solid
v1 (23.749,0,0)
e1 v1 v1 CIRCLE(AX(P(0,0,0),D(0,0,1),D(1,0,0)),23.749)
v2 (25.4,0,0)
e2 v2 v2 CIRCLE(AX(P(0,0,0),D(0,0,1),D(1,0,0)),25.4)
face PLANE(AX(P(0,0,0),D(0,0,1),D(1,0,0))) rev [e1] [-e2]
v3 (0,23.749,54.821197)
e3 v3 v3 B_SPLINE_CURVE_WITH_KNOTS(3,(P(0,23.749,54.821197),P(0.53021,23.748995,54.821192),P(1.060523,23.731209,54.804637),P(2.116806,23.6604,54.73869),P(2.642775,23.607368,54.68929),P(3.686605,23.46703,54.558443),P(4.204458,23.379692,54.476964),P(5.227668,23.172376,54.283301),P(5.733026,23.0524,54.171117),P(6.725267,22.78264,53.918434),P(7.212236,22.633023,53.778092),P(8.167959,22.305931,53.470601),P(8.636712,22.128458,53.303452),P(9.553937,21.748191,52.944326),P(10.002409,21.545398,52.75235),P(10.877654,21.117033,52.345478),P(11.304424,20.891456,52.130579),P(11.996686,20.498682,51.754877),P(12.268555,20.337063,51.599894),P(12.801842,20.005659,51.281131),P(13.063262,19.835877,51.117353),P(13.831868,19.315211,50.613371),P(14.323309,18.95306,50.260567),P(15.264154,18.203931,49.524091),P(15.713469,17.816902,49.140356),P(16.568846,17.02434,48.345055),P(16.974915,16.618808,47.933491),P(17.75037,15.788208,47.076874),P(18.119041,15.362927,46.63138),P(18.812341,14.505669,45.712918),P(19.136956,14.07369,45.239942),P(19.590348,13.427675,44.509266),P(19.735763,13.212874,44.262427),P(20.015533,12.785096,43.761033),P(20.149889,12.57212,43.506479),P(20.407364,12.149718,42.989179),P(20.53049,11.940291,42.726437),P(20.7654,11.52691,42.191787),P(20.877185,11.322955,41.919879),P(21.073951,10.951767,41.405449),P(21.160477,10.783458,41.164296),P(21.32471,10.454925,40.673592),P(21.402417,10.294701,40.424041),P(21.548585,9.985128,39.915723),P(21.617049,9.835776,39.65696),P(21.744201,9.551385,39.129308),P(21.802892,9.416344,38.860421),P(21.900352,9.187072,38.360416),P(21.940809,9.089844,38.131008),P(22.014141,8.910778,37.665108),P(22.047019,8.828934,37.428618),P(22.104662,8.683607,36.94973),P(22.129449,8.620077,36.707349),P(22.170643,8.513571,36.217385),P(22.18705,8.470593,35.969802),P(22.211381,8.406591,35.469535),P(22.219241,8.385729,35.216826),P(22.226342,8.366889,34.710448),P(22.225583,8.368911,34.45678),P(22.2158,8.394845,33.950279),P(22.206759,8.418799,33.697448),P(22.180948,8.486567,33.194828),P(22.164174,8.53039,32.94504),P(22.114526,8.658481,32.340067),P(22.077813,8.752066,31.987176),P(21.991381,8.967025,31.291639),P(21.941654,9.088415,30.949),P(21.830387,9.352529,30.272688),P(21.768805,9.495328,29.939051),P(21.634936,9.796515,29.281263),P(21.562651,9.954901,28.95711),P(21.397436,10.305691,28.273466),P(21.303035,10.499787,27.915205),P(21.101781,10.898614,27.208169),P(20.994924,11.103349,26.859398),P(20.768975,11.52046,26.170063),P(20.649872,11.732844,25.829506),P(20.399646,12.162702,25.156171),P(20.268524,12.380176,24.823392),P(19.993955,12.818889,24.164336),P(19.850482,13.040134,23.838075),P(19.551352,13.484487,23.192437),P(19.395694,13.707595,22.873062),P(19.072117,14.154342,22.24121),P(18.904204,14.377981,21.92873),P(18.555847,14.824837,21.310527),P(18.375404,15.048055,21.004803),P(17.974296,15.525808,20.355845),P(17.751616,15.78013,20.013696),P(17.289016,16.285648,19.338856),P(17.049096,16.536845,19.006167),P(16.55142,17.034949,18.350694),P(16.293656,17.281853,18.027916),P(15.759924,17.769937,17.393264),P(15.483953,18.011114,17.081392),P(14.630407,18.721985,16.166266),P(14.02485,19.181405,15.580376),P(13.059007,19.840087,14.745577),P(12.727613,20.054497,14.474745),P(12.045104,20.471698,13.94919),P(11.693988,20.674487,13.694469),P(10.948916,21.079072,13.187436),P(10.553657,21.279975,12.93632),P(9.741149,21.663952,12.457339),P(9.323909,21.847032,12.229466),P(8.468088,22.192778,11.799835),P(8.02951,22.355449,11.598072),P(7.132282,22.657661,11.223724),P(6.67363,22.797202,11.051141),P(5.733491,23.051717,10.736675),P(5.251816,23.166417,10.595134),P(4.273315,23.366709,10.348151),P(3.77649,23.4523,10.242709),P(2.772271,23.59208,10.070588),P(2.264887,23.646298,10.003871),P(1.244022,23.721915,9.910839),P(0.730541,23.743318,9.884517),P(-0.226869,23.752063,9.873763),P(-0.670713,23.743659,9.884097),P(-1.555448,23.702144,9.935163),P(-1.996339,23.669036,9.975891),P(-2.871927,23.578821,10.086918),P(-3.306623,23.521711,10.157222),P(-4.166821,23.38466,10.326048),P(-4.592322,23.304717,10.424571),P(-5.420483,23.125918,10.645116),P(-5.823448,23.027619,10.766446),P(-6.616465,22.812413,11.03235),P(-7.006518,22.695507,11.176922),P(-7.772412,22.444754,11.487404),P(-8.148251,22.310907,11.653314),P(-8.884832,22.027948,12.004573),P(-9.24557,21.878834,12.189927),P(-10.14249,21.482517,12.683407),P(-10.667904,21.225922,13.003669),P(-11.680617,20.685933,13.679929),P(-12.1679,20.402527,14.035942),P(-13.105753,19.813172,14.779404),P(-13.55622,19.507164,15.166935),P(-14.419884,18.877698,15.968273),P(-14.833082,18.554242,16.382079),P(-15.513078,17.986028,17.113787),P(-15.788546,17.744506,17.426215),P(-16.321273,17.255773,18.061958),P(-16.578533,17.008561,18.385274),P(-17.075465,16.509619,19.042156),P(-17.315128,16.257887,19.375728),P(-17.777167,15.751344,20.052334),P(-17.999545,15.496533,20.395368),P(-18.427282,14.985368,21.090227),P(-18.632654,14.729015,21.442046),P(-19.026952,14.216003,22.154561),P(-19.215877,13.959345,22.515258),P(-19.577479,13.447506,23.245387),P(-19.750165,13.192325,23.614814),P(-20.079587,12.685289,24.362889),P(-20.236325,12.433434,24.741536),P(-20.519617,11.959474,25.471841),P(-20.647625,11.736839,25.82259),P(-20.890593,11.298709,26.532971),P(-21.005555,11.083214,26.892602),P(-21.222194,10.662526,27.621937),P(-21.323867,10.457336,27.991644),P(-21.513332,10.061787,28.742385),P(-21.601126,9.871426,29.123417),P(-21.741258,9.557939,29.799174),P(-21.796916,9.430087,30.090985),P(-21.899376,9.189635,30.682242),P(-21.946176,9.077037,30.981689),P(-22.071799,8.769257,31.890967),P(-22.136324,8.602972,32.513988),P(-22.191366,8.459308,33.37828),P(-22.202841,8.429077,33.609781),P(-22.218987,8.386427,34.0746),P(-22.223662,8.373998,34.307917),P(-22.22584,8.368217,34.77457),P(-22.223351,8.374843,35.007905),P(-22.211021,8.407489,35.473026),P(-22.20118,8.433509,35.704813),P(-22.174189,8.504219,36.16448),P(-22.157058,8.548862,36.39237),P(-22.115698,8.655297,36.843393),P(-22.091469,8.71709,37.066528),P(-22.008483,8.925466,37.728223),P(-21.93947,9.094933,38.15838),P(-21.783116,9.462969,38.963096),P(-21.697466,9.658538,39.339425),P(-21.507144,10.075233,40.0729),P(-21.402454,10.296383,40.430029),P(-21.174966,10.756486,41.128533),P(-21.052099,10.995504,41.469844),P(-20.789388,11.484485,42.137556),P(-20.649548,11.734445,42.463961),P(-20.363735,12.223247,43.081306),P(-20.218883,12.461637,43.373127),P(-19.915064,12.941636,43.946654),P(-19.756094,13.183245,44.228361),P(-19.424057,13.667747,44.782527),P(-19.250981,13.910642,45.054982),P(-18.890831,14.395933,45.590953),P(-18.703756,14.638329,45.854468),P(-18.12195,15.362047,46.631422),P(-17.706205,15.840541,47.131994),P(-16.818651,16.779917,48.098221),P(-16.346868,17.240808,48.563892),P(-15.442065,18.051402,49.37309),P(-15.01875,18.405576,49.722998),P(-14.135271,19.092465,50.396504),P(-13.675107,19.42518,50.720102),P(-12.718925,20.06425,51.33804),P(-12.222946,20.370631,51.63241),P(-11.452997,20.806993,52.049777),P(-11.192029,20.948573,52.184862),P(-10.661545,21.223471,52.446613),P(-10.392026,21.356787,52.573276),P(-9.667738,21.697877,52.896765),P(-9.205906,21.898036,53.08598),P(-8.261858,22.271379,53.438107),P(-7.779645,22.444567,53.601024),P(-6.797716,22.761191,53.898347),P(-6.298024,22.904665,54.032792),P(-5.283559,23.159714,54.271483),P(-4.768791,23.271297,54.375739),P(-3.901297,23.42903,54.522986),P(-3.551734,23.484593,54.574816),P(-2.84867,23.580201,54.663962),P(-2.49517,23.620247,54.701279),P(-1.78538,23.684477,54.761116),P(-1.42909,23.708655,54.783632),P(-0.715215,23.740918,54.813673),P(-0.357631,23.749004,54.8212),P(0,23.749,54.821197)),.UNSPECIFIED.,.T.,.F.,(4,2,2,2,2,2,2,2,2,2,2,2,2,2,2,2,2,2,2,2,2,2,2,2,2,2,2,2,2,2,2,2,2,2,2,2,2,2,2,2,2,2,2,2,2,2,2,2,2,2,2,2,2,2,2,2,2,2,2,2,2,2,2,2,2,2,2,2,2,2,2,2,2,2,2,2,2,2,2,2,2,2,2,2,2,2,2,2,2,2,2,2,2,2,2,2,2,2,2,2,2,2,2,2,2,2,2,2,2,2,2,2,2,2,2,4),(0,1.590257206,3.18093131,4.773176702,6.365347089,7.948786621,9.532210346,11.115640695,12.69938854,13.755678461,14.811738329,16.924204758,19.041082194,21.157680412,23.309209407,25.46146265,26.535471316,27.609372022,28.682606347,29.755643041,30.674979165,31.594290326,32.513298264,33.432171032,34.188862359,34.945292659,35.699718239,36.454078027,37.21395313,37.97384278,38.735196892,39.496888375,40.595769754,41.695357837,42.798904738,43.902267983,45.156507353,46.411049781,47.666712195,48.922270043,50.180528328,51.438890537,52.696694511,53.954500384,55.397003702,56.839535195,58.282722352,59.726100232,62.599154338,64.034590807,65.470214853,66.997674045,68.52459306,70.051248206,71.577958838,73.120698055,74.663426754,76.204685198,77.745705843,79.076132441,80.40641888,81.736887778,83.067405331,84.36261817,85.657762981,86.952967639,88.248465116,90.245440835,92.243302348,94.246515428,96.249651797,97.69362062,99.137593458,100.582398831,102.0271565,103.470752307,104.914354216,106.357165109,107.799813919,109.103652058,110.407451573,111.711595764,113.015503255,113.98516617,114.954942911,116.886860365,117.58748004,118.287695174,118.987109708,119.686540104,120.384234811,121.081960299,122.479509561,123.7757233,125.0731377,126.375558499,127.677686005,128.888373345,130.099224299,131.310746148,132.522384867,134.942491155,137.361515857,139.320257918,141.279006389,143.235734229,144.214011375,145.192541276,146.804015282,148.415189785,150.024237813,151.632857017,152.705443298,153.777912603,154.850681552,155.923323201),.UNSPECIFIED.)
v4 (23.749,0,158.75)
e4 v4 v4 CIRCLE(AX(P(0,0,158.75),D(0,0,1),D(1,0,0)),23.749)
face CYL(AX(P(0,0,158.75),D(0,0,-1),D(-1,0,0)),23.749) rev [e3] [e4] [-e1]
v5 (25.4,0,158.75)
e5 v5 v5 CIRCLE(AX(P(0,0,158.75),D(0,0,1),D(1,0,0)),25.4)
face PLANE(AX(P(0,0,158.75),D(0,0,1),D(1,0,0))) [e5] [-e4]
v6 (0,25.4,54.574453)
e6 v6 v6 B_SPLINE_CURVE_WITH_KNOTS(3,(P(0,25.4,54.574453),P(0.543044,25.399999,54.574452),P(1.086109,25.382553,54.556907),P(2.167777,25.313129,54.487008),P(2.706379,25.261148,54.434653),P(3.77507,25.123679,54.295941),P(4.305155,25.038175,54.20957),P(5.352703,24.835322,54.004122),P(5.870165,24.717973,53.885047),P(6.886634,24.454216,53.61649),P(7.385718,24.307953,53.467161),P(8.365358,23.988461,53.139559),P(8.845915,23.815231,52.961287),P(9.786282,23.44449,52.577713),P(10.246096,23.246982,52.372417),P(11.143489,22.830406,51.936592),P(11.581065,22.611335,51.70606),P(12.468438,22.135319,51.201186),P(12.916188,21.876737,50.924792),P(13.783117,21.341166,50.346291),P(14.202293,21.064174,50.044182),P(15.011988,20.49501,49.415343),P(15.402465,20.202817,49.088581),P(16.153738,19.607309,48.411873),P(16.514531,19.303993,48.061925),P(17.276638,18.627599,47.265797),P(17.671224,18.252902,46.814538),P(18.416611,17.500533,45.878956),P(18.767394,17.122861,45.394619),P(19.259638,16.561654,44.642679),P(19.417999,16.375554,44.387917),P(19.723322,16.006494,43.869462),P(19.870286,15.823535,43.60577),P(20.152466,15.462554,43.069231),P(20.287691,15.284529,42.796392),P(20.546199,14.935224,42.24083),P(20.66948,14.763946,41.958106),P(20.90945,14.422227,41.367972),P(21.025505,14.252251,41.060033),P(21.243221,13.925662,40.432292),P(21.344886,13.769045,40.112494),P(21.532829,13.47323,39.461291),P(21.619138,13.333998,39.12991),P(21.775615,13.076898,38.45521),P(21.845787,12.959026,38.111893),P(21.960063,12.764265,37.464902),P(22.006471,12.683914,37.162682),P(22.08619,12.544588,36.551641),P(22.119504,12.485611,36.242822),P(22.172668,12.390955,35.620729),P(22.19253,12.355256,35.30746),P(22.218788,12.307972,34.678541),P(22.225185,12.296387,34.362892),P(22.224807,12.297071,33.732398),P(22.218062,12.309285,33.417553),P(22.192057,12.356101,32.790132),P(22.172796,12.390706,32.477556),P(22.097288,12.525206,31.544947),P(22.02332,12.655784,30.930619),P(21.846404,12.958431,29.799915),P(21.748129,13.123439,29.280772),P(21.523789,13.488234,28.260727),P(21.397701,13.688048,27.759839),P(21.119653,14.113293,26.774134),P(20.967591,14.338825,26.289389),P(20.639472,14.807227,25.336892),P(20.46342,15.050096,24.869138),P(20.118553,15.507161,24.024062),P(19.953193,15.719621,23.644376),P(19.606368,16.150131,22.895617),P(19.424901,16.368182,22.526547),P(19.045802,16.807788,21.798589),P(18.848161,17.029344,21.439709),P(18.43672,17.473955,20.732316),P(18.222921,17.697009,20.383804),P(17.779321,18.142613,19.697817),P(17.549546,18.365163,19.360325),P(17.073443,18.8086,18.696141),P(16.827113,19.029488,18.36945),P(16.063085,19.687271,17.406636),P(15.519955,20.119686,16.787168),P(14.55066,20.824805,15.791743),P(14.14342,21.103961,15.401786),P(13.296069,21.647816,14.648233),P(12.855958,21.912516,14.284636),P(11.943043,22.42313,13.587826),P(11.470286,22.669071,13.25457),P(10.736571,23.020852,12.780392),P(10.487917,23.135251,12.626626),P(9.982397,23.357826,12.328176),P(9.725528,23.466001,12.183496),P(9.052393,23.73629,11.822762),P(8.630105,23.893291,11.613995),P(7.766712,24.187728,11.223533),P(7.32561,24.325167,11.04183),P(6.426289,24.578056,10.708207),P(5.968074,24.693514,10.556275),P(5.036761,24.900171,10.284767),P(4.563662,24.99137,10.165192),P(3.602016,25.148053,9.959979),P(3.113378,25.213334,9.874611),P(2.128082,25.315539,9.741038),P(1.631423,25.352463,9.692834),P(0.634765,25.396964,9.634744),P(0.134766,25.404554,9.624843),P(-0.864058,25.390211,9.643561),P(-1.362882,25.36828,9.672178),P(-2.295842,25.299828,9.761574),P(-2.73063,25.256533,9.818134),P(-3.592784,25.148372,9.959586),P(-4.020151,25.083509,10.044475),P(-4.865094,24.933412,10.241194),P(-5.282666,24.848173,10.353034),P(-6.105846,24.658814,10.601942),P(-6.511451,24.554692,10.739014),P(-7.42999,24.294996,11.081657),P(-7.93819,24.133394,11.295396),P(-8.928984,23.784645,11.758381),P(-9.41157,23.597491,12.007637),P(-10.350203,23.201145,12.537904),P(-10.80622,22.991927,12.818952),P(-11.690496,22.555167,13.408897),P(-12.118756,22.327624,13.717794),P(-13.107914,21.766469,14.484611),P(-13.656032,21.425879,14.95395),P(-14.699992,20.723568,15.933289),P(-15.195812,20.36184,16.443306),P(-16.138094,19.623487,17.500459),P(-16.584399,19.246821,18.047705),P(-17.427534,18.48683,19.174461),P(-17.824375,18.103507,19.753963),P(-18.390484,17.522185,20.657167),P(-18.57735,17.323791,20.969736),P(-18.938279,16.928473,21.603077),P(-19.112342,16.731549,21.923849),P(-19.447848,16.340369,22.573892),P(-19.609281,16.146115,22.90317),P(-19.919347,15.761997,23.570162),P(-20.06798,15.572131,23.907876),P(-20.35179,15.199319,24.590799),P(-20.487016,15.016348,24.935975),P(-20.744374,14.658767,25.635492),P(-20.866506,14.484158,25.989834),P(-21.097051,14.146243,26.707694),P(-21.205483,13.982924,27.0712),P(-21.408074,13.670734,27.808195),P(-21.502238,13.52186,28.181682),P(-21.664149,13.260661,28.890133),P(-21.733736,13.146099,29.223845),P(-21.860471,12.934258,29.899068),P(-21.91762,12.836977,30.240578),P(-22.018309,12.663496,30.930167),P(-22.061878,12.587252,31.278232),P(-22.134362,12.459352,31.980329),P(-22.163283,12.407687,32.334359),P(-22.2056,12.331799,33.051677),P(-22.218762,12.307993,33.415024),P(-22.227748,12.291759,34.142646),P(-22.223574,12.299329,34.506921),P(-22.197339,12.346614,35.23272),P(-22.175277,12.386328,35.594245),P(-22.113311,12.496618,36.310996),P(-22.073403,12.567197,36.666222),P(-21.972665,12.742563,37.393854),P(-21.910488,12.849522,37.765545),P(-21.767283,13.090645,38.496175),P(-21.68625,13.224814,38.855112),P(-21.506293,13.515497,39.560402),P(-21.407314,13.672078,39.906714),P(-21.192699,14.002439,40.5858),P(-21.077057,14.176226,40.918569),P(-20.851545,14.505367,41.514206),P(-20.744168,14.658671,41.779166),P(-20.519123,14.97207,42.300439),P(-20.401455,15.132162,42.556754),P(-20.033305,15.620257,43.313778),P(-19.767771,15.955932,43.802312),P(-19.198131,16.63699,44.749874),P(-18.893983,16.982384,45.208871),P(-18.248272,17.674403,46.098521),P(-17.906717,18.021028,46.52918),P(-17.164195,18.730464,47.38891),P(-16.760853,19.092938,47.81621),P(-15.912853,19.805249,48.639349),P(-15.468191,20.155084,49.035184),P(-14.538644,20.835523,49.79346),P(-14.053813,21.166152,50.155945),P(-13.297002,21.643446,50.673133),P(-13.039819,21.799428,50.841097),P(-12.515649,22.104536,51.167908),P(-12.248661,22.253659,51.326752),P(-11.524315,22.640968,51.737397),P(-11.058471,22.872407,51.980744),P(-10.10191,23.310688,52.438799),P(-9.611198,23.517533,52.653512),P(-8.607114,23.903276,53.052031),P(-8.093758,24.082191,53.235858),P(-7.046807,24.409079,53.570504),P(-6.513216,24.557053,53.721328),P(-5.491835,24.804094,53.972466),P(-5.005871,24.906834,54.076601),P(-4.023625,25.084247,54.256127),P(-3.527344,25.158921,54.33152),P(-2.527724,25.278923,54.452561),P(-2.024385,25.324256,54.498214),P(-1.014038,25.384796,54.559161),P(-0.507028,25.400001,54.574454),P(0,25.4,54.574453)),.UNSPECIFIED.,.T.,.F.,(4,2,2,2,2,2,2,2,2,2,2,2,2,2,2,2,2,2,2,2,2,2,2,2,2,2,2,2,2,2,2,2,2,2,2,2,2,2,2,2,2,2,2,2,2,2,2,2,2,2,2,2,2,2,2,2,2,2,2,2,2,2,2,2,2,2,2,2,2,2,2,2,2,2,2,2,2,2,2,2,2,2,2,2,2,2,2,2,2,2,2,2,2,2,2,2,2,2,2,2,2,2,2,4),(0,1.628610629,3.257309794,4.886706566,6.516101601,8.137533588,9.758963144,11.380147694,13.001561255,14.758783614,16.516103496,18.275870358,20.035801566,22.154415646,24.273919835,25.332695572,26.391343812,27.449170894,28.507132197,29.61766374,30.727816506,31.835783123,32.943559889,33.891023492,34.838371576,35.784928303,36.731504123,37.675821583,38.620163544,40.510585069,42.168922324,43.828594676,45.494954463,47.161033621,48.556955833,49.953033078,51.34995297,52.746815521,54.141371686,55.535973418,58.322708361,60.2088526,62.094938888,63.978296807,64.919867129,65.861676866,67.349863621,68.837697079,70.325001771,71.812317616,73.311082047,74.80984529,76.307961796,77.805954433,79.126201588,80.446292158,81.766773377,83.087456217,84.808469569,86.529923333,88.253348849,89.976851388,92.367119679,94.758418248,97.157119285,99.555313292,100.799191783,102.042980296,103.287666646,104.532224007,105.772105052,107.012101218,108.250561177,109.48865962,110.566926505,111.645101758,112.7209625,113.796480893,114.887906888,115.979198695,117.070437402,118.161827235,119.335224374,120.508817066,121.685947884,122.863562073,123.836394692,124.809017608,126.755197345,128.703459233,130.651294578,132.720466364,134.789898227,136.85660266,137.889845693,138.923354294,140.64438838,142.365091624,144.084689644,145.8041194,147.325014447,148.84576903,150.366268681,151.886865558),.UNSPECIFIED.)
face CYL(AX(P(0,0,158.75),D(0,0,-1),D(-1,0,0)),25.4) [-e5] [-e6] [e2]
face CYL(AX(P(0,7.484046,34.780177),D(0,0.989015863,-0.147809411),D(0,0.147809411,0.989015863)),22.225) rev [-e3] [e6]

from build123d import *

# Parameters (mm, degrees)
SKETCH1_R           = 25.4
SKETCH1_R_2         = 23.749
BOSS_EXTRUDE1_DEPTH = 158.75
SKETCH2_R           = 22.225
CUT_EXTRUDE2_DEPTH  = 22.86


with BuildPart() as part:
    # Sketch1 → Boss-Extrude1 (new body)
    with BuildSketch(Plane.XY):
        with Locations(Location((0, 0, 0), (0, 0, 180))):
            Circle(SKETCH1_R)
        with Locations(Location((0, 0, 0), (0, 0, 180))):
            Circle(SKETCH1_R_2, mode=Mode.SUBTRACT)
    extrude(amount=BOSS_EXTRUDE1_DEPTH)

    # Sketch2 → Cut-Extrude2 (cut)
    with BuildSketch(Plane(origin=(0, 25.4, 0), x_dir=(-1, 0, 0), z_dir=(0, -0.9890158633619168, 0.1478094111296106))):
        with Locations(Location((0, -31.75, 0), (0, 0, 270))):
            Circle(SKETCH2_R)
    extrude(amount=CUT_EXTRUDE2_DEPTH, mode=Mode.SUBTRACT)


solid = part.part
